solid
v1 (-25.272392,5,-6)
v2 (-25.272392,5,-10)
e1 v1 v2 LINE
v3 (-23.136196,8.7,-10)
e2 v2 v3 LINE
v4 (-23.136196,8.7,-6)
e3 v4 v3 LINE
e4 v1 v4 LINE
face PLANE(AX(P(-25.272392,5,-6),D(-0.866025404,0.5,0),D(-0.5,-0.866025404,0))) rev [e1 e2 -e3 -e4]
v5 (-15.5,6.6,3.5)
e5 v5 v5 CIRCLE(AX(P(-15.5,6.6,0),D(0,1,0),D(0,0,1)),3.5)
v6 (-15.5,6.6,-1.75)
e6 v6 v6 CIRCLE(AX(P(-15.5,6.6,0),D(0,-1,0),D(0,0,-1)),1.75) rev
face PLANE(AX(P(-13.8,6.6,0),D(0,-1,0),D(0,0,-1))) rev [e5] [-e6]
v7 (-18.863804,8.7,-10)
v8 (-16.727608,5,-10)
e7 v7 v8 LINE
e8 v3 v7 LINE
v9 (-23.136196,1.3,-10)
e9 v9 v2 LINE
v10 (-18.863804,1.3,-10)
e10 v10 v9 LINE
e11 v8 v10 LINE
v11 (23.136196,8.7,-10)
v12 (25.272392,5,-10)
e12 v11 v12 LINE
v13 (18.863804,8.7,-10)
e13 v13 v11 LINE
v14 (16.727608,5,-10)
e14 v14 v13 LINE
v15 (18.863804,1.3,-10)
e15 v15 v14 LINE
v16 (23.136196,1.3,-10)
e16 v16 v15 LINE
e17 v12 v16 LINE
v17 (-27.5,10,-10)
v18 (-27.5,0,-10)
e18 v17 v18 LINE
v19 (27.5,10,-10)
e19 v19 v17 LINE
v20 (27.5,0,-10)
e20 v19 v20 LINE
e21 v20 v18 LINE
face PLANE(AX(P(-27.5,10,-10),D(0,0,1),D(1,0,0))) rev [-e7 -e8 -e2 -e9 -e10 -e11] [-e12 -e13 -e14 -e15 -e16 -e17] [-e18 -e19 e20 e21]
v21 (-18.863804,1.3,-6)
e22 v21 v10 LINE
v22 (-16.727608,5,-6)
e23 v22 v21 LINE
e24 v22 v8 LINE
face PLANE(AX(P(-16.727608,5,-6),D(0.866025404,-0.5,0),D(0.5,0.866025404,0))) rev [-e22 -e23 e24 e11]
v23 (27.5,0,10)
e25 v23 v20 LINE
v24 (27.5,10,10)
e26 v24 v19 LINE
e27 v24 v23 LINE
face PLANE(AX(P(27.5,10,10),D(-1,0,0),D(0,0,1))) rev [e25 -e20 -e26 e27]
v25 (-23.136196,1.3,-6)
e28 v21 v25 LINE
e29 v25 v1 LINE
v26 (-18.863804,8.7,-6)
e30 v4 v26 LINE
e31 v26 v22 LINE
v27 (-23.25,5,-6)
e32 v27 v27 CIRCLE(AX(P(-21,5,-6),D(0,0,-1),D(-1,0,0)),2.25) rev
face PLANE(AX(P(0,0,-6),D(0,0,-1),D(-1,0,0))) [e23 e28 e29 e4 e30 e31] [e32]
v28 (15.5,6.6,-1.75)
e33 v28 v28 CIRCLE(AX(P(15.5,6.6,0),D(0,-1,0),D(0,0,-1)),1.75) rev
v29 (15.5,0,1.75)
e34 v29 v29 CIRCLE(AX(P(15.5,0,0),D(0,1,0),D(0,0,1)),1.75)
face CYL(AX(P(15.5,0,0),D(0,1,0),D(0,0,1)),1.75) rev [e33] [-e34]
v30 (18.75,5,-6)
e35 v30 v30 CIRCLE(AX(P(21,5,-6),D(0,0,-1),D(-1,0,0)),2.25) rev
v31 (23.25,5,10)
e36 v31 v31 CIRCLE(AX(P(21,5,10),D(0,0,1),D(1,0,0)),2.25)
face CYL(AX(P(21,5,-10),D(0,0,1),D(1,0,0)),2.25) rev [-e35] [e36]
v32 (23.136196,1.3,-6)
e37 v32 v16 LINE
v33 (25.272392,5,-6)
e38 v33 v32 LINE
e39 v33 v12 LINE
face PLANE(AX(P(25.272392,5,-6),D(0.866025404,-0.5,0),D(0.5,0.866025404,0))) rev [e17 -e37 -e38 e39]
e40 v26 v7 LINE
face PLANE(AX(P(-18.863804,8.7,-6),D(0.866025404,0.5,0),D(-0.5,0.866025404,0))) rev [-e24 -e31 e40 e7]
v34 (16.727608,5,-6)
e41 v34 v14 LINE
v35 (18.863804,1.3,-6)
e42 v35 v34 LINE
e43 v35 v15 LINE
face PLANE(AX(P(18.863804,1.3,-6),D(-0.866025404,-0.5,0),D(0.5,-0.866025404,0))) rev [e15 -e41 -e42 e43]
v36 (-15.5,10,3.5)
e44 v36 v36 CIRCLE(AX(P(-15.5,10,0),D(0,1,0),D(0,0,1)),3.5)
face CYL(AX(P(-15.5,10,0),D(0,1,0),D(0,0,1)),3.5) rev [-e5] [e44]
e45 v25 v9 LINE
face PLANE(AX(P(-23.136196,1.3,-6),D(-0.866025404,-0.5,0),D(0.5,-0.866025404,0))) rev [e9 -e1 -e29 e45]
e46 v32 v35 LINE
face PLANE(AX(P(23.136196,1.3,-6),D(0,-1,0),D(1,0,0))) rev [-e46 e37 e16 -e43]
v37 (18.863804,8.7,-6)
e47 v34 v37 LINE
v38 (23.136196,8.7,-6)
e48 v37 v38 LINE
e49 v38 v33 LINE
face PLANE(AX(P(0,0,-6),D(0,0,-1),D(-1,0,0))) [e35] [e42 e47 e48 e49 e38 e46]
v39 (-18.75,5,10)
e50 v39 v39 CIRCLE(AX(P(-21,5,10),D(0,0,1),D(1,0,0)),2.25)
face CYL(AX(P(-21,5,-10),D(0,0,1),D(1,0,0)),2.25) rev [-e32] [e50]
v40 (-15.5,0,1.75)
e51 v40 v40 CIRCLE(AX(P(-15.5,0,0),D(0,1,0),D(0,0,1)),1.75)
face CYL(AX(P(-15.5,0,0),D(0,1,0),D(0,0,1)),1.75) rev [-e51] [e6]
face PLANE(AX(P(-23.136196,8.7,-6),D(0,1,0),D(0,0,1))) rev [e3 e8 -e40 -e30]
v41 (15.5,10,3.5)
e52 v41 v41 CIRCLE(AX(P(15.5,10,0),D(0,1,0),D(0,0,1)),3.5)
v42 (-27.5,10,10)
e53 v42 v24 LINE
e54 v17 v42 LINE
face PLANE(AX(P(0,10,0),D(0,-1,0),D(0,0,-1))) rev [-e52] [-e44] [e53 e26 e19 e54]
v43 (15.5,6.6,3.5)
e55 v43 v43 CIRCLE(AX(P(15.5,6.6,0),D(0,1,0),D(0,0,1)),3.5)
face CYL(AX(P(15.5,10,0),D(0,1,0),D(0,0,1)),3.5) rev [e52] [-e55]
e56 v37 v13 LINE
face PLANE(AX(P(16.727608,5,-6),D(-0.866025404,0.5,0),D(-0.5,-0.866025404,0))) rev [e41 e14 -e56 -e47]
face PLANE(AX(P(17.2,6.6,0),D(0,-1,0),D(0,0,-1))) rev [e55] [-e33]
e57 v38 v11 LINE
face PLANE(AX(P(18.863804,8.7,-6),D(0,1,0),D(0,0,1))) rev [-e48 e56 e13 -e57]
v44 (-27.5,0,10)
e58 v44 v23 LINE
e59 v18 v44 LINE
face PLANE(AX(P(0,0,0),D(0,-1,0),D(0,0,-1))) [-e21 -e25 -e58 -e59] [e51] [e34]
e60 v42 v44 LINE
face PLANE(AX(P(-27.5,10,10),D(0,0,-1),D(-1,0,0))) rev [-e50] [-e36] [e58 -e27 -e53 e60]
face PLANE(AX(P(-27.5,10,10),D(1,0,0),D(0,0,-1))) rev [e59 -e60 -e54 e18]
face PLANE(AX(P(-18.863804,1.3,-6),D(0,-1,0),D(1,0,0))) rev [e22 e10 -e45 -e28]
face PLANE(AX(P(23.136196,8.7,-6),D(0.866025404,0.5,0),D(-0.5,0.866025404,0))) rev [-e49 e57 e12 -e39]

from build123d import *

# Parameters (mm, degrees)
SKETCH1_W                                           = 55
SKETCH1_H                                           = 20
BOSS_EXTRUDE1_DEPTH                                 = 10
SKETCH2_R                                           = 2.25
CUT_EXTRUDE1_DEPTH                                  = 36.443617197
SKETCH3_R                                           = 1.75
CUT_EXTRUDE2_DEPTH                                  = 31.923292192
CBORE_FOR_M3_HEX_SOCKET_HEAD_CAP_SCREW1_D           = 3.4
CBORE_FOR_M3_HEX_SOCKET_HEAD_CAP_SCREW1_CBORE_D     = 7
CBORE_FOR_M3_HEX_SOCKET_HEAD_CAP_SCREW1_CBORE_DEPTH = 3.4
CUT_EXTRUDE3_DEPTH                                  = 4


with BuildPart() as part:
    # Sketch1 → Boss-Extrude1 (new body)
    with BuildSketch(Plane(origin=(0, 0, 0), x_dir=(1, 0, 0), z_dir=(0, 1, 0))):
        Rectangle(SKETCH1_W, SKETCH1_H)
    extrude(amount=BOSS_EXTRUDE1_DEPTH)

    # Sketch2 → Cut-Extrude1 (cut, through all)
    with BuildSketch(Plane.XY.offset(10)):
        with Locations((-21, 5)):
            Circle(SKETCH2_R)
        with Locations((21, 5)):
            Circle(SKETCH2_R)
    extrude(amount=-CUT_EXTRUDE1_DEPTH, mode=Mode.SUBTRACT)

    # Sketch3 → Cut-Extrude2 (cut, through all)
    with BuildSketch(Plane(origin=(0, 10, 0), x_dir=(1, 0, 0), z_dir=(0, 1, 0))):
        with Locations(Location((-15.5, 0, 0), (0, 0, 270))):
            Circle(SKETCH3_R)
        with Locations(Location((15.5, 0, 0), (0, 0, 270))):
            Circle(SKETCH3_R)
    extrude(amount=-CUT_EXTRUDE2_DEPTH, mode=Mode.SUBTRACT)

    # CBORE for M3 Hex Socket Head Cap Screw1 (through all)
    with Locations(Plane(origin=(0, 10, 0), x_dir=(1, 0, 0), z_dir=(0, 1, 0))):
        with Locations((-15.5, 0), (15.5, 0)):
            CounterBoreHole(CBORE_FOR_M3_HEX_SOCKET_HEAD_CAP_SCREW1_D / 2, CBORE_FOR_M3_HEX_SOCKET_HEAD_CAP_SCREW1_CBORE_D / 2, CBORE_FOR_M3_HEX_SOCKET_HEAD_CAP_SCREW1_CBORE_DEPTH)

    # Sketch6 → Cut-Extrude3 (cut)
    with BuildSketch(Plane(origin=(0, 0, -10), x_dir=(-1, 0, 0), z_dir=(0, 0, -1))):
        Polygon((-16.727608008, 5), (-18.863804004, 8.7), (-23.136195996, 8.7), (-25.272391992, 5), (-23.136195996, 1.3), (-18.863804004, 1.3), align=None)
        Polygon((16.727608008, 5), (18.863804004, 1.3), (23.136195996, 1.3), (25.272391992, 5), (23.136195996, 8.7), (18.863804004, 8.7), align=None)
    extrude(amount=-CUT_EXTRUDE3_DEPTH, mode=Mode.SUBTRACT)


solid = part.part
